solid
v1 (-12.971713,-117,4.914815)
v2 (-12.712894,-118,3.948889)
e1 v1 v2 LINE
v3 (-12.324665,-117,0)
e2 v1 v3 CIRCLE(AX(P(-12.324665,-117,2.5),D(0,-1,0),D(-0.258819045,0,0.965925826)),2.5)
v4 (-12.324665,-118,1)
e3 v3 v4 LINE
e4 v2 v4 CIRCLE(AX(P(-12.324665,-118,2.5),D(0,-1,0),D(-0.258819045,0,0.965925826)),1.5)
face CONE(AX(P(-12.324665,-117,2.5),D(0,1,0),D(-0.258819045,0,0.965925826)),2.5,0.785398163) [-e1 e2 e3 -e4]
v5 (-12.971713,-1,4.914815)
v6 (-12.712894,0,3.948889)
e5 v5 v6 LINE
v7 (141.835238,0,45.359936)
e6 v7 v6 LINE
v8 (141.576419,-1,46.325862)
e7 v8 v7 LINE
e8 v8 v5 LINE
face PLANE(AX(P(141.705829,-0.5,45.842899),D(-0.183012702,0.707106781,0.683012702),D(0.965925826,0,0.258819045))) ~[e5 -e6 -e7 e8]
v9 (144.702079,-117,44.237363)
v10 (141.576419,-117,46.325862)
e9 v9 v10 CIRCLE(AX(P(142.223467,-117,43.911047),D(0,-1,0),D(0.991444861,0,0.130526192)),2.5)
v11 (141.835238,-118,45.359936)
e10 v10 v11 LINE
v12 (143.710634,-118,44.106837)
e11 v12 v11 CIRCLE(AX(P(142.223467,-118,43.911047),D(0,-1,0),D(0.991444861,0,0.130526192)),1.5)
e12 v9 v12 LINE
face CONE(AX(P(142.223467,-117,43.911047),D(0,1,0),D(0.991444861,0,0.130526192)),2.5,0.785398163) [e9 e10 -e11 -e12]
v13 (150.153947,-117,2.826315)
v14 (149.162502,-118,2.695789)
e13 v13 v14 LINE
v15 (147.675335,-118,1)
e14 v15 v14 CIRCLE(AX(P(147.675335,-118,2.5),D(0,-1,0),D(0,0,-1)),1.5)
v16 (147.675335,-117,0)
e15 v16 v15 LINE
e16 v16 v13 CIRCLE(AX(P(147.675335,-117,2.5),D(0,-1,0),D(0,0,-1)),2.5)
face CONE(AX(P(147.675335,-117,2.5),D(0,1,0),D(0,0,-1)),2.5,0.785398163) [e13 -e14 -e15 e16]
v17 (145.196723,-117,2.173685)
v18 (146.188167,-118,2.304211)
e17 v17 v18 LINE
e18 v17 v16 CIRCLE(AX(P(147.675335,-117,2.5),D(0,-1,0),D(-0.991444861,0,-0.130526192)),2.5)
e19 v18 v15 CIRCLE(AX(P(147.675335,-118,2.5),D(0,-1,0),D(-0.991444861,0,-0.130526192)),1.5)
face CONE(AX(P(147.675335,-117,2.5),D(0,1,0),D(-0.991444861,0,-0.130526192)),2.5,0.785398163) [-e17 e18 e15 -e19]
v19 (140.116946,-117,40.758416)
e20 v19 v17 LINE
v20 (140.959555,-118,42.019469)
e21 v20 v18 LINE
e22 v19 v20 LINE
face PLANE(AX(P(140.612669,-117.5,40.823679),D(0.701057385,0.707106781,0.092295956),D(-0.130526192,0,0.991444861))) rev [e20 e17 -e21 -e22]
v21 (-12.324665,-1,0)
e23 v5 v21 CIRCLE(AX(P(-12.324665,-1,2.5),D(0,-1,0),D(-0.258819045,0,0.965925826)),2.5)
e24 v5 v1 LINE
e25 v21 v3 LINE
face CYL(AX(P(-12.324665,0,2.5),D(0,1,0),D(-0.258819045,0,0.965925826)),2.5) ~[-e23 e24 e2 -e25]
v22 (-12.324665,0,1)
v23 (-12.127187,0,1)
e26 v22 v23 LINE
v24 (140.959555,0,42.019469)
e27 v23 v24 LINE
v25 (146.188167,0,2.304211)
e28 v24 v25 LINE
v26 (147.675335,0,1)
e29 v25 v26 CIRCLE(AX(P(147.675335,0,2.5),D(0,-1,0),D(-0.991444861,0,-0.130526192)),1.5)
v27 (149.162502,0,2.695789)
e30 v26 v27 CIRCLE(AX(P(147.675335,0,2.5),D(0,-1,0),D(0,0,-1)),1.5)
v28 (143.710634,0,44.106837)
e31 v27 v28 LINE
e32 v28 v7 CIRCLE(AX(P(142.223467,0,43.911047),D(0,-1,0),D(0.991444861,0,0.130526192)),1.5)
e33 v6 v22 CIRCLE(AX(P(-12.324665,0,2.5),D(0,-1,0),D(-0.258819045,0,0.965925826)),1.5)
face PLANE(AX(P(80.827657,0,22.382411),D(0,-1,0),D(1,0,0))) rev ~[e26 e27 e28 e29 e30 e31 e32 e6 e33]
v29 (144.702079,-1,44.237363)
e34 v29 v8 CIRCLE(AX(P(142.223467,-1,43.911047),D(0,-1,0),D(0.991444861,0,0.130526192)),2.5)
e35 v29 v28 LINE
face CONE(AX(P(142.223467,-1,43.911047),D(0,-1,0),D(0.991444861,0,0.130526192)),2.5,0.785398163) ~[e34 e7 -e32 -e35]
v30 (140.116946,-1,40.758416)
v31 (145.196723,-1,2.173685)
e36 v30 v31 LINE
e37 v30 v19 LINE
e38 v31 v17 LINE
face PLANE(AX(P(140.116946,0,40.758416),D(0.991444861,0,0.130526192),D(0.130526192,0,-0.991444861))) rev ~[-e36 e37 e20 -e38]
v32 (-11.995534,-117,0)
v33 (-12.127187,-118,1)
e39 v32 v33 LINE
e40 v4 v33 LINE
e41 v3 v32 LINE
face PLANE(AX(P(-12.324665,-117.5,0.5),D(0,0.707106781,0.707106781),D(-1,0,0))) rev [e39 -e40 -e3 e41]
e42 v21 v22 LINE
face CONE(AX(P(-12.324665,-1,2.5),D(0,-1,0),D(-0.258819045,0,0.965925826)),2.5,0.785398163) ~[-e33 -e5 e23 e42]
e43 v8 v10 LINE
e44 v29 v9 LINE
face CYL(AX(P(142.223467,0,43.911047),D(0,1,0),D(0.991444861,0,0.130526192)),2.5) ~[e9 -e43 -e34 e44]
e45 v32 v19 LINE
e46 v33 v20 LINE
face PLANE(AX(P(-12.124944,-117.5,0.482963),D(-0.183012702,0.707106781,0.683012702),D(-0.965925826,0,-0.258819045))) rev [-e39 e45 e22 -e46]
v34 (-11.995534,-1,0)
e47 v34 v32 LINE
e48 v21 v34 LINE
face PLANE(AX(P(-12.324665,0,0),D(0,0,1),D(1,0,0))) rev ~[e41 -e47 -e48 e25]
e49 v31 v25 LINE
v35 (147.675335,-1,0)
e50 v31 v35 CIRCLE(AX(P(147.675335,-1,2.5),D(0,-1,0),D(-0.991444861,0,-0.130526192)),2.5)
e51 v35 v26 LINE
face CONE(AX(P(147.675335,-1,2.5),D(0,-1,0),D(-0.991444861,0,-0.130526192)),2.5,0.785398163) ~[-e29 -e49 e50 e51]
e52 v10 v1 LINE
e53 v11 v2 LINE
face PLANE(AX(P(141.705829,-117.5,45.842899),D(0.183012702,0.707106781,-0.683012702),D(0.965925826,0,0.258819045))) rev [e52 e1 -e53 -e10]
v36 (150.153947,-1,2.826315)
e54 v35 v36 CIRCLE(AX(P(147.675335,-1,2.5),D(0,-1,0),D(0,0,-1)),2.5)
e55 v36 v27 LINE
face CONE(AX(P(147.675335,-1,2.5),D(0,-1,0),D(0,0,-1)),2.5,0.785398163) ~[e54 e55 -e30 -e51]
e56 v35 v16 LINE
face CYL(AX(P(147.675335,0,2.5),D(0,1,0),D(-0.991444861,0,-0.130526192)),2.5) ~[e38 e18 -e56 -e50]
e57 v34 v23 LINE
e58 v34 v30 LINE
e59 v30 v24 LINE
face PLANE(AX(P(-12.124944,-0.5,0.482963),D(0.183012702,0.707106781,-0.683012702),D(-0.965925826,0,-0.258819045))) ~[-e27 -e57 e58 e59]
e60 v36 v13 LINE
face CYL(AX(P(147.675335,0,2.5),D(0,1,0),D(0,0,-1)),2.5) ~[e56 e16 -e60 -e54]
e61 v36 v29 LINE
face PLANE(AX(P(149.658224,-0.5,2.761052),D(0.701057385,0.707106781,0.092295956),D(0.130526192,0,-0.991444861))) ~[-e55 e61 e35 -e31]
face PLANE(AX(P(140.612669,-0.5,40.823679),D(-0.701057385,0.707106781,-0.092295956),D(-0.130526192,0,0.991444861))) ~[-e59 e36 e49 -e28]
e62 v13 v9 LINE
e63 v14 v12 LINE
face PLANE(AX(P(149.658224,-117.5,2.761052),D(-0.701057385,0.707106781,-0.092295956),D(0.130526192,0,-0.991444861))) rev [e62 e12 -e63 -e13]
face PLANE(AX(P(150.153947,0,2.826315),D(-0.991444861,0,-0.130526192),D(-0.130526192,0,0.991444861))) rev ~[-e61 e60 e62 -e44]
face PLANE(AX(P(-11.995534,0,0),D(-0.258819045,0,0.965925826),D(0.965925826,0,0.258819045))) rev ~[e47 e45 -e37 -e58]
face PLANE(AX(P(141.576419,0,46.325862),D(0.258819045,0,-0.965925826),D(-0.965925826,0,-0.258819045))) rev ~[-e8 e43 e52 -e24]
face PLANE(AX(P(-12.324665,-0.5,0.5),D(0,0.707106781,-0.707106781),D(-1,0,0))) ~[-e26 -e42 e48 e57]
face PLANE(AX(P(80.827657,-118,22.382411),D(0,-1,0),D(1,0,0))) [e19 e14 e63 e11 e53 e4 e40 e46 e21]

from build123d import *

# Parameters (mm, degrees)
F1_DEPTH = 118
F2_SIZE  = 1


with BuildPart() as f1:
    # F0 (on Front) → F1 (new body)
    with BuildSketch(Plane.XZ):
        with BuildLine():
            ThreePointArc((-12.9717128781, 4.9148145657), (-14.8032774188, 2.1736845194), (-12.3246652653, 0))
            Line((-12.3246652653, 0), (-11.9955340214, 0))
            Line((-11.9955340214, 0), (140.1169462795, 40.7584162553))
            Line((140.1169462795, 40.7584162553), (145.1967225812, 2.1736845194))
            ThreePointArc((145.1967225812, 2.1736845194), (146.0269701969, 0.6204004813), (147.6753347347, 0))
            ThreePointArc((147.6753347347, 0), (149.5549342534, 0.8516354622), (150.1539468881, 2.8263154806))
            Line((150.1539468881, 2.8263154805), (144.7020790944, 44.237362697))
            ThreePointArc((144.7020790944, 44.237362697), (143.6123925235, 45.9897212472), (141.5764193282, 46.3258617821))
            Line((141.5764193282, 46.3258617821), (-12.9717128781, 4.9148145657))
        make_face()
    extrude(amount=F1_DEPTH)

    # F2
    f2_edges = [f1.edges().sort_by_distance(p)[0] for p in [
        (64.302353, -118, 25.620338),
        (-14.803277, -118, 2.173685),
        (-12.1601, -118, 0),
        (64.060706, -118, 20.379208),
        (142.656834, -118, 21.46605),
        (148.00165, -118, 0.021388),
        (147.428013, -118, 23.531839),
        (143.612393, -118, 45.989721),
        (64.302353, 0, 25.620338),
        (-14.803277, 0, 2.173685),
        (-12.1601, 0, 0),
        (64.060706, 0, 20.379208),
        (142.656834, 0, 21.46605),
        (148.00165, 0, 0.021388),
        (147.428013, 0, 23.531839),
        (143.612393, 0, 45.989721),
    ]]
    chamfer(f2_edges, length=F2_SIZE)


solid = f1.part
